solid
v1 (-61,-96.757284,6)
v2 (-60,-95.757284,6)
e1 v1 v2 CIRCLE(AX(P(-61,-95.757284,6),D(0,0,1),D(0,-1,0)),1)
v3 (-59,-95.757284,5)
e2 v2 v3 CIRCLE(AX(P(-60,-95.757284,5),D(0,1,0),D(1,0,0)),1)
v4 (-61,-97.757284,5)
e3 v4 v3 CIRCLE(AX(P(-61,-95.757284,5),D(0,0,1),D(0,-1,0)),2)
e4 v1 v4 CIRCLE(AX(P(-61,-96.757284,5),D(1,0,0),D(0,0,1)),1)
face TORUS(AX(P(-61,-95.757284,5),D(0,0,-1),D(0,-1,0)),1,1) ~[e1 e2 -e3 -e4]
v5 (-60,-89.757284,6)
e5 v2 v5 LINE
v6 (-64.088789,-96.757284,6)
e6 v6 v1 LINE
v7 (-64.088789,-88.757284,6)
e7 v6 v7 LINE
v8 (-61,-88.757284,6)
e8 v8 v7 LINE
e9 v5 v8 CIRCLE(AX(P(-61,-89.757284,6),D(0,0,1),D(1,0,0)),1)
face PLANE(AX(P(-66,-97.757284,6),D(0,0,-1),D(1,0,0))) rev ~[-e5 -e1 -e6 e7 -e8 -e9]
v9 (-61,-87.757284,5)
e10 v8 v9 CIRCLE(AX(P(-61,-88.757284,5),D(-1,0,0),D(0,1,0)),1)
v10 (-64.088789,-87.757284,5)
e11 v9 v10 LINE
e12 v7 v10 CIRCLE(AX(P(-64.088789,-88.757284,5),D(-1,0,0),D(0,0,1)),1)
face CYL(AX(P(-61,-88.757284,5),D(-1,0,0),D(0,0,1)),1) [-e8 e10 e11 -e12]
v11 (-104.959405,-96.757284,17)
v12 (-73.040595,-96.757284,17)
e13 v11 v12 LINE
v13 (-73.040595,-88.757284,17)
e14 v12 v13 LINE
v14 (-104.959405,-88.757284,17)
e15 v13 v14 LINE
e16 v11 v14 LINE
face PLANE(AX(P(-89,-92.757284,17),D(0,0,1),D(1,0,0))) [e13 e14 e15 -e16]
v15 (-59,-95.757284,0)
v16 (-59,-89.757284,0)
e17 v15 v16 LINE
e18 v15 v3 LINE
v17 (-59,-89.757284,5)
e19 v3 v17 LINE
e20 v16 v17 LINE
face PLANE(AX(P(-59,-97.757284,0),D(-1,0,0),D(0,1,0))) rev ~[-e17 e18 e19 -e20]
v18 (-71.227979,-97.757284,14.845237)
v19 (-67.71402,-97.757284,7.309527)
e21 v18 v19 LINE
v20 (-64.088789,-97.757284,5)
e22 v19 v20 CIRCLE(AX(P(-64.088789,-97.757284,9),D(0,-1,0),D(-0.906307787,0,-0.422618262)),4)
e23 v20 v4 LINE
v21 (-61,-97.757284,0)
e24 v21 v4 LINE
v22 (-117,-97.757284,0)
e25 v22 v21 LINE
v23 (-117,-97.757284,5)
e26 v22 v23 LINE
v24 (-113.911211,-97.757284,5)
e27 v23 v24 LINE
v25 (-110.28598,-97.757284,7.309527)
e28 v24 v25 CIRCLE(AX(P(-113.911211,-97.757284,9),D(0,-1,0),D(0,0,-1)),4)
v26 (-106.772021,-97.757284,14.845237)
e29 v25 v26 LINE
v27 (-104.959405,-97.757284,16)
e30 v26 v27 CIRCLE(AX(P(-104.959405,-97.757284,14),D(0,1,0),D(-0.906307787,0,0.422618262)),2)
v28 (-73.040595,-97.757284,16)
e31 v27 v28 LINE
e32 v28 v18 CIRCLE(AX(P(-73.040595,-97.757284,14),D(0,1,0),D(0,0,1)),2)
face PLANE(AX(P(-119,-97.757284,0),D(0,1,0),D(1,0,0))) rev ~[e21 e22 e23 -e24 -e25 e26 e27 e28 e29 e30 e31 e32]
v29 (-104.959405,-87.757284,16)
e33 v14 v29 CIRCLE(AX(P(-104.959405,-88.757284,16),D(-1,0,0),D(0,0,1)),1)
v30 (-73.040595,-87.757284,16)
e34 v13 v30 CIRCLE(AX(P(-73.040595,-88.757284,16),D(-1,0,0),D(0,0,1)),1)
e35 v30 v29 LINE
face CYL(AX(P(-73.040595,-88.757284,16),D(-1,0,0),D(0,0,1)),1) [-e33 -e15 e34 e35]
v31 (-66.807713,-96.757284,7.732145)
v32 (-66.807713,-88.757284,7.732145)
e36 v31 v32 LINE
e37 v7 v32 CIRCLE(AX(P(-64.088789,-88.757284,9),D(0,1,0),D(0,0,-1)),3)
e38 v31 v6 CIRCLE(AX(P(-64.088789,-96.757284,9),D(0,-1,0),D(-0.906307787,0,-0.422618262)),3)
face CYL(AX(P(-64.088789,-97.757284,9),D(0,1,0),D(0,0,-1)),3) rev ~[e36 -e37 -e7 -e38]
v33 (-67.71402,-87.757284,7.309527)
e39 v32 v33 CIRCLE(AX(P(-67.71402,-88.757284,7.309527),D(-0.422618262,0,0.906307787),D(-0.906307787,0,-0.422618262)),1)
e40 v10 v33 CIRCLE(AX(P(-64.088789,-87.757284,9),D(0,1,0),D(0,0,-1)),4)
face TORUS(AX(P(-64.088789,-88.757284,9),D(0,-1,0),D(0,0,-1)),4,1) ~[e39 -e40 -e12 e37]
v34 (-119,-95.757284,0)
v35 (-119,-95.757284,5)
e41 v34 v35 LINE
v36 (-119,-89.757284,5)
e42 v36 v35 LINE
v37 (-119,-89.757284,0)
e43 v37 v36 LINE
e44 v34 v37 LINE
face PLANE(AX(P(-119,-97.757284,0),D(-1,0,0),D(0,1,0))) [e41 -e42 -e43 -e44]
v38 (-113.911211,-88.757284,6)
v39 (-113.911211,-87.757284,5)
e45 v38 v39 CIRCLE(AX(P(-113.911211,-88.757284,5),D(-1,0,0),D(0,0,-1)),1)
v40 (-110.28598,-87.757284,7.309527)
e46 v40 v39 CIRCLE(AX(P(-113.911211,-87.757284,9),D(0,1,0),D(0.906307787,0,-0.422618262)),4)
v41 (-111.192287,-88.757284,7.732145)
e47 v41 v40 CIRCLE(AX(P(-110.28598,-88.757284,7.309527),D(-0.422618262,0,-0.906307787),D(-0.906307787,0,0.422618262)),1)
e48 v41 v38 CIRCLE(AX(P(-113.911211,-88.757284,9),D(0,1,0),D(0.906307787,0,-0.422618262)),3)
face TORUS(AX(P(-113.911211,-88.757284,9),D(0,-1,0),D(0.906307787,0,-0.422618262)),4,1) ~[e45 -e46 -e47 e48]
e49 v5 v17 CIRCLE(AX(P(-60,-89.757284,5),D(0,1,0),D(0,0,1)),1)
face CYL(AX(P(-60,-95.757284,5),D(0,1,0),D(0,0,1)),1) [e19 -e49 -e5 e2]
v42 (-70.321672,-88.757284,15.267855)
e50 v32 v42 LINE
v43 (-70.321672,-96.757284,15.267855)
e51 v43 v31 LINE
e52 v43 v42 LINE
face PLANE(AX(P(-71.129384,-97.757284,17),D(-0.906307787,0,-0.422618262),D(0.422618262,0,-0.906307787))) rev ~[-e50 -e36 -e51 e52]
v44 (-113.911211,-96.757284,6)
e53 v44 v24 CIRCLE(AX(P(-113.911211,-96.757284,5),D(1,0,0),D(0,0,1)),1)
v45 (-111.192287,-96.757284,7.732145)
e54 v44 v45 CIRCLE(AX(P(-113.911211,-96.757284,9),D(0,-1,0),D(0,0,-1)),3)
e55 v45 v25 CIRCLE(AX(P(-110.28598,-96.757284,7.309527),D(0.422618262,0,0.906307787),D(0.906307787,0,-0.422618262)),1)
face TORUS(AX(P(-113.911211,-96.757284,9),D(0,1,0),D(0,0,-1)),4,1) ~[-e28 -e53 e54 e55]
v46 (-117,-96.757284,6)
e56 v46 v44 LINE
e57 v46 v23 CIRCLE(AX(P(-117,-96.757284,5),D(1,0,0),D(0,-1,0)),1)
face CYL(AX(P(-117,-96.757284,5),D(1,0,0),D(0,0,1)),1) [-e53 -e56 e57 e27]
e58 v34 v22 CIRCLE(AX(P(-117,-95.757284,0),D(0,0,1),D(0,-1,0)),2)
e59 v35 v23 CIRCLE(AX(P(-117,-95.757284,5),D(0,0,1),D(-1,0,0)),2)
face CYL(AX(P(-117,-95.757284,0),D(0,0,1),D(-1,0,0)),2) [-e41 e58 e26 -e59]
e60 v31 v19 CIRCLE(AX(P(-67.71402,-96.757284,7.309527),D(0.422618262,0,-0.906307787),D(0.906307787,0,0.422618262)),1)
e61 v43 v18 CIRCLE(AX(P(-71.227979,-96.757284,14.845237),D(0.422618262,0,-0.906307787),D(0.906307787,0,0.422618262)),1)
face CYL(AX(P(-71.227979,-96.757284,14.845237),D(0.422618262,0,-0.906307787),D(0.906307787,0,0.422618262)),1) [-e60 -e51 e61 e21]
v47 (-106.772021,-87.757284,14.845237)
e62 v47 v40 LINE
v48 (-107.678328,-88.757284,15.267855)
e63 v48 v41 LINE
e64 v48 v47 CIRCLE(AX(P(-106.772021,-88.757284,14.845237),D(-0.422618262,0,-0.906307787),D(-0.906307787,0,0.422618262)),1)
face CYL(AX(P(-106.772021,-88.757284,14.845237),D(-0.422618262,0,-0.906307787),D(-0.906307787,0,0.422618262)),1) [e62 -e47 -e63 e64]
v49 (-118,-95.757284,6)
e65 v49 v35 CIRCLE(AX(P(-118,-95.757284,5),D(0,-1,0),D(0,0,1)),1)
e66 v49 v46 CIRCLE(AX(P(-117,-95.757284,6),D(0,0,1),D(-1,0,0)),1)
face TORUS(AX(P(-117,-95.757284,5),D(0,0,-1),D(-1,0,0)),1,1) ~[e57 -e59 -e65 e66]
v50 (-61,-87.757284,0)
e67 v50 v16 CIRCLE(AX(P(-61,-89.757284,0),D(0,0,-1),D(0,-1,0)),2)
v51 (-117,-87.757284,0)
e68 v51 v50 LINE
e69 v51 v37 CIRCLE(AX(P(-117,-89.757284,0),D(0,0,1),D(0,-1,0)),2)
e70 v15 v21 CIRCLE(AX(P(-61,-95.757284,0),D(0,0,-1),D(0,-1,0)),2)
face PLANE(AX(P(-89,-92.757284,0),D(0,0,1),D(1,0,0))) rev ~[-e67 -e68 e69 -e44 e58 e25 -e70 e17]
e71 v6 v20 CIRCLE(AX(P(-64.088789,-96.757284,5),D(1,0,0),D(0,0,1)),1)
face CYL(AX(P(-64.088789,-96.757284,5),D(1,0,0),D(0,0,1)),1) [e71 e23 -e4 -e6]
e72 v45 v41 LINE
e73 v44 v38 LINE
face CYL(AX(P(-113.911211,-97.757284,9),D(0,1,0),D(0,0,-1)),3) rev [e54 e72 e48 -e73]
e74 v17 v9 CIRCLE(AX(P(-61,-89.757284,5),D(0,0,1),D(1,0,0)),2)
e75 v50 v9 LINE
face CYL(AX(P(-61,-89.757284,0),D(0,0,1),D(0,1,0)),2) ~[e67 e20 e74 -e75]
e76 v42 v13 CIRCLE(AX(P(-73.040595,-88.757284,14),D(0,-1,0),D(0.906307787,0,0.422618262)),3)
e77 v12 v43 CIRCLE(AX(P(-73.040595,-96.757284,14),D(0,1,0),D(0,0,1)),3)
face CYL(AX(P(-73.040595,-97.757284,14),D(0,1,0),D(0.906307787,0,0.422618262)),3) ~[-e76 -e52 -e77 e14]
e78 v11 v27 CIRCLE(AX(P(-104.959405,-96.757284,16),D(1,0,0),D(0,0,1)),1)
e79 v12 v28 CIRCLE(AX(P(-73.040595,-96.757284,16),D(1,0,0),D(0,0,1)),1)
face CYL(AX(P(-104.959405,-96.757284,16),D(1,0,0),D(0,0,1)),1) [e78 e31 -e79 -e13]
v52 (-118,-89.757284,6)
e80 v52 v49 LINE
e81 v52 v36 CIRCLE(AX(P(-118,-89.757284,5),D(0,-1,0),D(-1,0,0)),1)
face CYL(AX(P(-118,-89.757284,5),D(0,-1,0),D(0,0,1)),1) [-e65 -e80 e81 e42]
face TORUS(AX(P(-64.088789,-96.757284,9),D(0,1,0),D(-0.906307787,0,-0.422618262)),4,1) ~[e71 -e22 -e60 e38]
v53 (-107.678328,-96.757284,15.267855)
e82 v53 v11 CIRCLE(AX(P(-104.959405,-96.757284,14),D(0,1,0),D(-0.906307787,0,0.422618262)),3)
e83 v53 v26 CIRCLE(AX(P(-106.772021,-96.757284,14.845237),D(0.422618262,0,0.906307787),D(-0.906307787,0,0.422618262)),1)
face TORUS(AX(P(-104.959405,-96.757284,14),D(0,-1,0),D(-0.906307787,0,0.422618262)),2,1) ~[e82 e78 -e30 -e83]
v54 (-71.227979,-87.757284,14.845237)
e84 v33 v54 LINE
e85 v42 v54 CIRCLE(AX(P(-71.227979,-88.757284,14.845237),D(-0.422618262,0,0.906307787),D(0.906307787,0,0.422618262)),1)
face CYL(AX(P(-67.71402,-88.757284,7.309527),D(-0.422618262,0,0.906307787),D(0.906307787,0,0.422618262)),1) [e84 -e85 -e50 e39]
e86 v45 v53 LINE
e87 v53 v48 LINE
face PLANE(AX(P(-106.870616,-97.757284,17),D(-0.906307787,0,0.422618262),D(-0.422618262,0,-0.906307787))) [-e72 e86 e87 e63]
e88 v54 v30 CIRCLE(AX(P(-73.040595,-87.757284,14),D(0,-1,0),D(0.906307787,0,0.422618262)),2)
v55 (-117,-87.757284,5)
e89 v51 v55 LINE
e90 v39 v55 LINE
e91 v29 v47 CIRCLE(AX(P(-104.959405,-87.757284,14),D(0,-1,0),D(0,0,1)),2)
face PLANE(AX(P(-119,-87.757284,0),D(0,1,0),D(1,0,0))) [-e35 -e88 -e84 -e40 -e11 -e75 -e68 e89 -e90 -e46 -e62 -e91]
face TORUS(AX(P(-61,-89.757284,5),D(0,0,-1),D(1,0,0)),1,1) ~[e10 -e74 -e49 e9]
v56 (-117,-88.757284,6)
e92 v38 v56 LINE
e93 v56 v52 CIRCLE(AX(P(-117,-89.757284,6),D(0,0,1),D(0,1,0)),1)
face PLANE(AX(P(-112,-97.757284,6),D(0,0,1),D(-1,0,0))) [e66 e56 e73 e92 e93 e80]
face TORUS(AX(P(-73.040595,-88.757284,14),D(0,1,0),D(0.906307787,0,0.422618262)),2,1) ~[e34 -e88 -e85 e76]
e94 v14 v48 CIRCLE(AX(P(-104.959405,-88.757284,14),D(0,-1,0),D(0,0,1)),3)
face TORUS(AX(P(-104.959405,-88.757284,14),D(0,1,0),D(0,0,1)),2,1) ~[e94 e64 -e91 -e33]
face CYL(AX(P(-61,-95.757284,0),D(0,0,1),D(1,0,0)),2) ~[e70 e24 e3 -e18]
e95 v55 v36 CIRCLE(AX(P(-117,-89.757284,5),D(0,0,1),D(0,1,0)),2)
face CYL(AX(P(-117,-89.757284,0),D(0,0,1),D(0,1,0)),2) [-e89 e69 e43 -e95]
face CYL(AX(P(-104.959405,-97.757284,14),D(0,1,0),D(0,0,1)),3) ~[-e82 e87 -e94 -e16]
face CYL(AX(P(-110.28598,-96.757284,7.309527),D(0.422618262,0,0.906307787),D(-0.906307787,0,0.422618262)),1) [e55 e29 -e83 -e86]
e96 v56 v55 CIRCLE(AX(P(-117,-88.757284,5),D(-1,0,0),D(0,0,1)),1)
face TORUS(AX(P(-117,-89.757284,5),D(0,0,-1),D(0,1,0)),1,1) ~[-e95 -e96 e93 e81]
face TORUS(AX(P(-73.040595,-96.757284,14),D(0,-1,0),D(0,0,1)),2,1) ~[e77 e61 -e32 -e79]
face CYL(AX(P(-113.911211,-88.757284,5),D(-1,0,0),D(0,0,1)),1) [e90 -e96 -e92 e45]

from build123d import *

# Parameters (mm, degrees)
SKETCH1_W           = 60
SKETCH1_H           = 10
BOSS_EXTRUDE1_DEPTH = 17
CUT_EXTRUDE1_REACH  = 12
FILLET1_R           = 3
FILLET2_R           = 2
FILLET3_R           = 1


with BuildPart() as part:
    # Sketch1 → Boss-Extrude1 (new body)
    with BuildSketch(Plane.XY):
        with Locations((-89, -92.757283518)):
            Rectangle(SKETCH1_W, SKETCH1_H)
    extrude(amount=BOSS_EXTRUDE1_DEPTH)

    # Sketch2 → Cut-Extrude1 (cut, up to next)
    with BuildSketch(Plane.XZ.offset(97.757283518), mode=Mode.PRIVATE) as cut_extrude1_sk1:
        Polygon((-106.87061576, 17), (-112, 6), (-119, 6), (-119, 17), align=None)
    cut_extrude1_tool1 = extrude(cut_extrude1_sk1.sketch, amount=-CUT_EXTRUDE1_REACH, mode=Mode.PRIVATE) & part.part
    add(cut_extrude1_tool1.solids().sort_by_distance((-114.103037, -97.757284, 11.991593))[0], mode=Mode.SUBTRACT)
    # Sketch2 → Cut-Extrude1 (cut, up to next)
    with BuildSketch(Plane.XZ.offset(97.757283518), mode=Mode.PRIVATE) as cut_extrude1_sk2:
        Polygon((-59, 17), (-71.12938424, 17), (-66, 6), (-59, 6), align=None)
    cut_extrude1_tool2 = extrude(cut_extrude1_sk2.sketch, amount=-CUT_EXTRUDE1_REACH, mode=Mode.PRIVATE) & part.part
    add(cut_extrude1_tool2.solids().sort_by_distance((-63.896963, -97.757284, 11.991593))[0], mode=Mode.SUBTRACT)

    # Fillet1
    fillet1_edges = [part.edges().sort_by_distance(p)[0] for p in [
        (-66, -92.757283518, 6),
        (-71.12938424, -92.757283518, 17),
        (-106.87061576, -92.757283518, 17),
        (-112, -92.757283518, 6),
    ]]
    fillet(fillet1_edges, radius=FILLET1_R)

    # Fillet2
    fillet2_edges = [part.edges().sort_by_distance(p)[0] for p in [
        (-59, -97.757283518, 3),
        (-119, -97.757283518, 3),
        (-59, -87.757283518, 3),
        (-119, -87.757283518, 3),
    ]]
    fillet(fillet2_edges, radius=FILLET2_R)

    # Fillet3
    fillet3_edges = [part.edges().sort_by_distance(p)[0] for p in [
        (-62.544394609, -97.757283518, 6),
        (-65.700688043, -97.757283518, 6.469825663),
        (-68.56469212, -97.757283518, 11.5),
        (-71.428696197, -97.757283518, 16.530174337),
        (-115.455605391, -97.757283518, 6),
        (-89, -97.757283518, 17),
        (-112.299311957, -97.757283518, 6.469825663),
        (-106.571303803, -97.757283518, 16.530174337),
        (-109.43530788, -97.757283518, 11.5),
        (-59.585786438, -97.171497081, 6),
        (-59, -92.757283518, 6),
        (-62.544394609, -87.757283518, 6),
        (-59.585786438, -88.343069955, 6),
        (-65.700688043, -87.757283518, 6.469825663),
        (-68.56469212, -87.757283518, 11.5),
        (-118.414213562, -97.171497081, 6),
        (-71.428696197, -87.757283518, 16.530174337),
        (-119, -92.757283518, 6),
        (-115.455605391, -87.757283518, 6),
        (-118.414213562, -88.343069955, 6),
        (-89, -87.757283518, 17),
        (-112.299311957, -87.757283518, 6.469825663),
        (-106.571303803, -87.757283518, 16.530174337),
        (-109.43530788, -87.757283518, 11.5),
    ]]
    fillet(fillet3_edges, radius=FILLET3_R)


solid = part.part
